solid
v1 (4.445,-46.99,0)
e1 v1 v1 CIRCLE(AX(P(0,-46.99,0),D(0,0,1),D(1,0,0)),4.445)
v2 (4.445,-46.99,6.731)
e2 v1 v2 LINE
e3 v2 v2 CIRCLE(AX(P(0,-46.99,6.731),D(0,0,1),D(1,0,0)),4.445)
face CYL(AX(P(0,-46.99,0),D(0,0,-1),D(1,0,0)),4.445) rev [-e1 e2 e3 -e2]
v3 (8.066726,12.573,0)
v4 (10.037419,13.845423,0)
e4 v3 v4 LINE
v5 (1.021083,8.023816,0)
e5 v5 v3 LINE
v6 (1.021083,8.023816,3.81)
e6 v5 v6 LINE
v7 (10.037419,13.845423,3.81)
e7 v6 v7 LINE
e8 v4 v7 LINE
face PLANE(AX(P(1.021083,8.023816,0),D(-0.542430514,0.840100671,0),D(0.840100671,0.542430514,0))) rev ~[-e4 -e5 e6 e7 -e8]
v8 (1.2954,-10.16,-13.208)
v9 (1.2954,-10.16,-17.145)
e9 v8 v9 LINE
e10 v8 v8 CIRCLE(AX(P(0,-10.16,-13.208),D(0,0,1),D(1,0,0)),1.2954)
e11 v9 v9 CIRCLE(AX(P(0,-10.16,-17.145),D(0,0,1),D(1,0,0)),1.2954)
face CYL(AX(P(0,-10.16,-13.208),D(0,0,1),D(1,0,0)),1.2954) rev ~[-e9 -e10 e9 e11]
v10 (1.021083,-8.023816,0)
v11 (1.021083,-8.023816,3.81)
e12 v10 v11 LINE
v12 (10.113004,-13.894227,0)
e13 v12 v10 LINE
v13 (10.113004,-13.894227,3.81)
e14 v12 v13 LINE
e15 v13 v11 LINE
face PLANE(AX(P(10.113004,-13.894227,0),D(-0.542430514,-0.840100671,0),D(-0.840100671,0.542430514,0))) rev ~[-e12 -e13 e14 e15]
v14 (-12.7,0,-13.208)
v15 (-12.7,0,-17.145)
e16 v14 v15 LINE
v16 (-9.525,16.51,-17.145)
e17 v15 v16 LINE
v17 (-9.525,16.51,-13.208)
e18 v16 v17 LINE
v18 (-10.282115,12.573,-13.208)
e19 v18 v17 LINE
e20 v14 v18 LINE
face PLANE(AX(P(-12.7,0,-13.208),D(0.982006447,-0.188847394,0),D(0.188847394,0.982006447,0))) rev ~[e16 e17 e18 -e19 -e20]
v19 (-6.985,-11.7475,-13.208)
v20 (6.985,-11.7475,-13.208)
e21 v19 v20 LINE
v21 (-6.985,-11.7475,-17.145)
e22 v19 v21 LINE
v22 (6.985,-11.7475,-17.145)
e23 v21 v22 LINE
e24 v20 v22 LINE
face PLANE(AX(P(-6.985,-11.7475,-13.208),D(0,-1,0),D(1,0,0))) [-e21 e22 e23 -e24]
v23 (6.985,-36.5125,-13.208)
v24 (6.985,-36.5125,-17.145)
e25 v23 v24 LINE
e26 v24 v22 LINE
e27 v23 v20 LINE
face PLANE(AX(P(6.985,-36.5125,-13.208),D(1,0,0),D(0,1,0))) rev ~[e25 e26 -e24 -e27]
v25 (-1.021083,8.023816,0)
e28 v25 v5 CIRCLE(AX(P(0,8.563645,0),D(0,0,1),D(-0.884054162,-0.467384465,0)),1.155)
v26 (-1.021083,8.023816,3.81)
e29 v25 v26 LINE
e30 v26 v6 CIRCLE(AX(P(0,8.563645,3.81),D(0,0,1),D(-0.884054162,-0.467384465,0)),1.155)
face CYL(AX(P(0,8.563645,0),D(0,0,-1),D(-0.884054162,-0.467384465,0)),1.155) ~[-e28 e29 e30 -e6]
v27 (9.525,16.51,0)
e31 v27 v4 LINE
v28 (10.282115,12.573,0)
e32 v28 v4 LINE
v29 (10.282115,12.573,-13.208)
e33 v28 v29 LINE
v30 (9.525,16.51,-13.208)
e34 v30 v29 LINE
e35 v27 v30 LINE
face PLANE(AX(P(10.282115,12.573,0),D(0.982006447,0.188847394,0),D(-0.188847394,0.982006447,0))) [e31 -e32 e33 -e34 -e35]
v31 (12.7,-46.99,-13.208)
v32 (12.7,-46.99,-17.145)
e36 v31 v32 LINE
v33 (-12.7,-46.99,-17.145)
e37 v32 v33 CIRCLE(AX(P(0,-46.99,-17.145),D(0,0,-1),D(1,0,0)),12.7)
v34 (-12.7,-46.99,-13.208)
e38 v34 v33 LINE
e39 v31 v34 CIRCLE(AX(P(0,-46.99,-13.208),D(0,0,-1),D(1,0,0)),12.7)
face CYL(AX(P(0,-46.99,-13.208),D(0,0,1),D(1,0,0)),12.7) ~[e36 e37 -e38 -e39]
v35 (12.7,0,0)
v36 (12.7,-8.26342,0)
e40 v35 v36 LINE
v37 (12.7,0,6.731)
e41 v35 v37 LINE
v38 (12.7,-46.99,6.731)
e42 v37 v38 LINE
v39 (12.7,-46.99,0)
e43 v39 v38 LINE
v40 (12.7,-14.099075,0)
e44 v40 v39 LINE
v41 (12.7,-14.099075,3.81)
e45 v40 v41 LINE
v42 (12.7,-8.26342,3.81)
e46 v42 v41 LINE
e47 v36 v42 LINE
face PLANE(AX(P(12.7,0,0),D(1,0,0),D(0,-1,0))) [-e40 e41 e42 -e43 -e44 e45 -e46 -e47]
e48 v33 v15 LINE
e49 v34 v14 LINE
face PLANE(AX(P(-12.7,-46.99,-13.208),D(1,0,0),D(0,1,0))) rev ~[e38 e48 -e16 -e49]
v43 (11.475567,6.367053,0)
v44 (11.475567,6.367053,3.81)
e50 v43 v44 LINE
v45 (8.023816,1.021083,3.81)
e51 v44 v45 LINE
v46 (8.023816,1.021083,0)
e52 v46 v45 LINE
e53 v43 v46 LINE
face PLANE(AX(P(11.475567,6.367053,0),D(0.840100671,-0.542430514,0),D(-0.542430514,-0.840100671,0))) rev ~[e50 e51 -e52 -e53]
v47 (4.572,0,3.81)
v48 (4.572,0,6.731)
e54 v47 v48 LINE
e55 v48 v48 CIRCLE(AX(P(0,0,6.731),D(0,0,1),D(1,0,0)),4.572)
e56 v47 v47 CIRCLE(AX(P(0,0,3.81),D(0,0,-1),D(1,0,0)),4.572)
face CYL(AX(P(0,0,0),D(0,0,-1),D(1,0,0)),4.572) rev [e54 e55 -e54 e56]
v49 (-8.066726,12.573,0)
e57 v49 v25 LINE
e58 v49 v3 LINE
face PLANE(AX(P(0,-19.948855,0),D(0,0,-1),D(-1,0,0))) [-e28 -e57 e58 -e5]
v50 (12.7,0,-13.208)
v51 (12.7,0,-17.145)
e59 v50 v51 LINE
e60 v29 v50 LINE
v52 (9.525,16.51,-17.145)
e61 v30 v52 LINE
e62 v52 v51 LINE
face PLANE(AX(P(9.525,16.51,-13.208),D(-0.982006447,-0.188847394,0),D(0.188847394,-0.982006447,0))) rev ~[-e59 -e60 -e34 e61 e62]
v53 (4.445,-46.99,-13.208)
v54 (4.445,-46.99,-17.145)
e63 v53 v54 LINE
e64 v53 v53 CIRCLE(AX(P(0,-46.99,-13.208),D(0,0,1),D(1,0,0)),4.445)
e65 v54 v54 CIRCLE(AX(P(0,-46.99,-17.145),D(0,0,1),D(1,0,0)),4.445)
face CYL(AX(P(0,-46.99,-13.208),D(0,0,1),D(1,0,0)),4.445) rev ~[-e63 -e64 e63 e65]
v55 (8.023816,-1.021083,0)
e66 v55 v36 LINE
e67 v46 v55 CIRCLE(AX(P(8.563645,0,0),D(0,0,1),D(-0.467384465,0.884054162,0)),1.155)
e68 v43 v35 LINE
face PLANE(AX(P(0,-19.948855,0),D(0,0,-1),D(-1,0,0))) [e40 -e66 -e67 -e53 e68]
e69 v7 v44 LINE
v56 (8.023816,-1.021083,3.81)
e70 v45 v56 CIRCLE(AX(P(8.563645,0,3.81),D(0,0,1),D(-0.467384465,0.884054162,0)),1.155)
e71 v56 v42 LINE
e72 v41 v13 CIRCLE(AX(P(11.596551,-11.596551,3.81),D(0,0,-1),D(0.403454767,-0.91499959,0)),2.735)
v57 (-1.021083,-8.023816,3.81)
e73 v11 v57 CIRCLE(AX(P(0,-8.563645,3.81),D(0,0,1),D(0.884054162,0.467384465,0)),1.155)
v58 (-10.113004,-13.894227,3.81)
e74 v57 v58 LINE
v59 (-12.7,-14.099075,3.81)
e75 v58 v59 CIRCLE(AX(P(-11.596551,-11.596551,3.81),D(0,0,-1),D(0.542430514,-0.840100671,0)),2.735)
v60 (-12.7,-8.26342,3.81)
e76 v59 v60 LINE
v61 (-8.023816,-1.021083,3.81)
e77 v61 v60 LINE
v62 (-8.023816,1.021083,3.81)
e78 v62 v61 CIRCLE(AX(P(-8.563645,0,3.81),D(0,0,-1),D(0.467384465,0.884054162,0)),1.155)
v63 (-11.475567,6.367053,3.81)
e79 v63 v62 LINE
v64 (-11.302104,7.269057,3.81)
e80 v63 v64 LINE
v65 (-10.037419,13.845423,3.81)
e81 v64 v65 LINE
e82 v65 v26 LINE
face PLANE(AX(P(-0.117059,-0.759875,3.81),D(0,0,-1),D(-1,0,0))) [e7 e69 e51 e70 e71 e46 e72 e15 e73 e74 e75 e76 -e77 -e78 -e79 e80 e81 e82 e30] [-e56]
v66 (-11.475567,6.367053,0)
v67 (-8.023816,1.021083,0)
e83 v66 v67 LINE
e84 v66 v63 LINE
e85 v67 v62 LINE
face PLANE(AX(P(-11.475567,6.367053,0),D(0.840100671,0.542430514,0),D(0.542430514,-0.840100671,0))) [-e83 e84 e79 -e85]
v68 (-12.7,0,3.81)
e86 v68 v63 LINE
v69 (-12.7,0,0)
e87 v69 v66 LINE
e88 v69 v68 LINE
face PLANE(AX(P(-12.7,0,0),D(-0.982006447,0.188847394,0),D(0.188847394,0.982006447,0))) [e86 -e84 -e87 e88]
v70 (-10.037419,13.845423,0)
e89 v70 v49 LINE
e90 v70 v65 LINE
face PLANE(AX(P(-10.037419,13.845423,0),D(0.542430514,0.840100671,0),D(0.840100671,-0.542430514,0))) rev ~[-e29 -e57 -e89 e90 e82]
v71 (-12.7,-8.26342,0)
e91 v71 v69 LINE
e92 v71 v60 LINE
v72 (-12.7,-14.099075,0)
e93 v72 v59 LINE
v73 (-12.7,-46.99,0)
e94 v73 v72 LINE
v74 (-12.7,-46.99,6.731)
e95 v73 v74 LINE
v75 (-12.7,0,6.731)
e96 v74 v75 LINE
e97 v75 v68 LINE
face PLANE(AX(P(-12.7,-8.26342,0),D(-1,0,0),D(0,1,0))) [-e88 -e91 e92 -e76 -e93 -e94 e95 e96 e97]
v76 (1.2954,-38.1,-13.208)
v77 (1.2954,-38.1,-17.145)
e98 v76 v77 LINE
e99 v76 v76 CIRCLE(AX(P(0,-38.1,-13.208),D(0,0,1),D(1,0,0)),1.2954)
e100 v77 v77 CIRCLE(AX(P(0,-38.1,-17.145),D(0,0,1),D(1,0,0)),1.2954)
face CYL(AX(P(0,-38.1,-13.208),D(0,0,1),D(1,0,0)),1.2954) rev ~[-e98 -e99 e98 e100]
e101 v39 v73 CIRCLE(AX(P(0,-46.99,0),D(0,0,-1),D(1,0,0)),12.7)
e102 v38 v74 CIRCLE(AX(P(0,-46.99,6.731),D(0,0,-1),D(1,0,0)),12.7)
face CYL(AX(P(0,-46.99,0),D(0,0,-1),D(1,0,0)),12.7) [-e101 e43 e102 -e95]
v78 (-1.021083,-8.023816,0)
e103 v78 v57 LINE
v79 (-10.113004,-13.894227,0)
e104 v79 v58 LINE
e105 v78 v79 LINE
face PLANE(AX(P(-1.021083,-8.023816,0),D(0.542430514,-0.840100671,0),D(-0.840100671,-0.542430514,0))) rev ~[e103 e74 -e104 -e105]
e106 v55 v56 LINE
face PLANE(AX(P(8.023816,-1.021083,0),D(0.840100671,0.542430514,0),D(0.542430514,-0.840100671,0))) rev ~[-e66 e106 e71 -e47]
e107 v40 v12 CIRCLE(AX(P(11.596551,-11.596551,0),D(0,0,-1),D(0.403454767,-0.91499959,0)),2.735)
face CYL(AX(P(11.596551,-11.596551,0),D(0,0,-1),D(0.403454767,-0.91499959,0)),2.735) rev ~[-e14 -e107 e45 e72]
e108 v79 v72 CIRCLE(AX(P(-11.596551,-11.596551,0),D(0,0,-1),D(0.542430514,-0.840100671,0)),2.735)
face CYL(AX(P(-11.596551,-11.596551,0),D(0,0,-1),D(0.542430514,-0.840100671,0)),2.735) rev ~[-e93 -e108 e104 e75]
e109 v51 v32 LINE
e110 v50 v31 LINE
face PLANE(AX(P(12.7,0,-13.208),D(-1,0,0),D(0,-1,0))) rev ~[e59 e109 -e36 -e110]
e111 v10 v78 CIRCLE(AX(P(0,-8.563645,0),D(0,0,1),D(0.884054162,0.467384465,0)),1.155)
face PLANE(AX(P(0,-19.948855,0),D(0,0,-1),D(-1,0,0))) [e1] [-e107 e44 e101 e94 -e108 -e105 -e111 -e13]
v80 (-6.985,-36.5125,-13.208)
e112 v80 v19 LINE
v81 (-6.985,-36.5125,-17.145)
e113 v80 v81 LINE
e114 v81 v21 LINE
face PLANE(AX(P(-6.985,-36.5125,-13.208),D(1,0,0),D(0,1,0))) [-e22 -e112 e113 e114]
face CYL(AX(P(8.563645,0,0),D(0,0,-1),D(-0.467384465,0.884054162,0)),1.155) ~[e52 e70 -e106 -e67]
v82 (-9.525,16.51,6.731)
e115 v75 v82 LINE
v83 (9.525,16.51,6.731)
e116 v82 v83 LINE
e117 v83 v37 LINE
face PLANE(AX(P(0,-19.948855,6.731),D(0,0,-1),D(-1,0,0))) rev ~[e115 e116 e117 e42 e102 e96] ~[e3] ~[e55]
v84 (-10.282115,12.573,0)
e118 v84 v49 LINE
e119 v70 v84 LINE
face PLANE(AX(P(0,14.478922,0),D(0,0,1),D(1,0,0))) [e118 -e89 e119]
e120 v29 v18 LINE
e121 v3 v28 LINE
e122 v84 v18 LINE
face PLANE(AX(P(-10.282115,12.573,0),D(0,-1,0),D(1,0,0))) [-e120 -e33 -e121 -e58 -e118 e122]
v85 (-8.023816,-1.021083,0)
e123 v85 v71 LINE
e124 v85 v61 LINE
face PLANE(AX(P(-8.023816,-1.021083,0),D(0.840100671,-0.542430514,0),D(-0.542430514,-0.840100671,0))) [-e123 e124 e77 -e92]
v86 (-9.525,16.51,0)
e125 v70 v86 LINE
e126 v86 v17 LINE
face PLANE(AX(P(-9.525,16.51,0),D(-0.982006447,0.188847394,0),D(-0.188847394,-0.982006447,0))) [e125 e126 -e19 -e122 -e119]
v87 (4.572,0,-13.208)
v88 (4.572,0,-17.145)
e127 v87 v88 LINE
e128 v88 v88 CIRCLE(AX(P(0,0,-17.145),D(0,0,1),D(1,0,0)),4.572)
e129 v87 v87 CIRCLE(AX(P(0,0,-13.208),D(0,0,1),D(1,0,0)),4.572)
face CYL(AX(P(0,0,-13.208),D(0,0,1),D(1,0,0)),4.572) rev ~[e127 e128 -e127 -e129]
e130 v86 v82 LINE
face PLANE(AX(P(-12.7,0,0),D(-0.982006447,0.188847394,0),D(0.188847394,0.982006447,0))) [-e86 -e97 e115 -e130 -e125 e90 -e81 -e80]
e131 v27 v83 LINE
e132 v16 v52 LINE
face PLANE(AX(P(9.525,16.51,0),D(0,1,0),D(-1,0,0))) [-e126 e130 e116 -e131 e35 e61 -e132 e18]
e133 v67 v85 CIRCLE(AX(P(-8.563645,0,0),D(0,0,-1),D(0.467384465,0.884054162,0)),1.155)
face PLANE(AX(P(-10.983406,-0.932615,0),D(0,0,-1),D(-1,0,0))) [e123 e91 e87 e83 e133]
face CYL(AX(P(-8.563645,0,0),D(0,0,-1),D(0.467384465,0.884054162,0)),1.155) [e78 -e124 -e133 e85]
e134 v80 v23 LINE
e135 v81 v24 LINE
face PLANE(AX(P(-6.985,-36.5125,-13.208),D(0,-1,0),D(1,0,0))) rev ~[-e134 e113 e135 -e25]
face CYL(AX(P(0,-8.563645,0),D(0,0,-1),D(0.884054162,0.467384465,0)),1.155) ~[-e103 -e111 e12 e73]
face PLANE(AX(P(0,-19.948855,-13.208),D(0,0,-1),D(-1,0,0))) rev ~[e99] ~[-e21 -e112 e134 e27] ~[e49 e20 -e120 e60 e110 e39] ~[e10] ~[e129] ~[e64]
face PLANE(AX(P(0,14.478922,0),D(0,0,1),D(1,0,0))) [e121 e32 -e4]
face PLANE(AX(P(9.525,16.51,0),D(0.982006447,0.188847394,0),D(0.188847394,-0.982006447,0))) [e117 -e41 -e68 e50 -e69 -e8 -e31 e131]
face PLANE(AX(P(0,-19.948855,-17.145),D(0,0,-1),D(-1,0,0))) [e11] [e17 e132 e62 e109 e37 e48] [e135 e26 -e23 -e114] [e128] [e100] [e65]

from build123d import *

# Parameters (mm, degrees)
SKETCH1_R           = 4.572
SKETCH1_R_2         = 4.445
BOSS_EXTRUDE1_DEPTH = 6.731
BOSS_EXTRUDE3_START = -13.208
SKETCH1_5_R         = 4.572
SKETCH1_5_R_2       = 1.2954
SKETCH1_5_R_3       = 4.445
SKETCH1_5_W         = 13.97
SKETCH1_5_H         = 24.765
BOSS_EXTRUDE3_DEPTH = 3.937
SKETCH4_R           = 1.7
CUT_EXTRUDE4_DEPTH  = 3.81
BOSS_EXTRUDE5_DEPTH = 16.4211
BOSS_EXTRUDE6_DEPTH = 4.572


with BuildPart() as part:
    # Sketch1 (on Front Plane) → Boss-Extrude1 (new body)
    with BuildSketch(Plane.XY):
        with BuildLine():
            Line((-12.7, 0), (-9.525, 16.51))
            Line((-9.525, 16.51), (9.525, 16.51))
            Line((9.525, 16.51), (12.7, 0))
            Line((12.7, 0), (12.7, -46.99))
            ThreePointArc((12.7, -46.99), (0, -59.69), (-12.7, -46.99))
            Line((-12.7, -46.99), (-12.7, 0))
        make_face()
        Circle(SKETCH1_R, mode=Mode.SUBTRACT)
        with Locations((0, -46.99)):
            Circle(SKETCH1_R_2, mode=Mode.SUBTRACT)
    extrude(amount=BOSS_EXTRUDE1_DEPTH)

    # Sketch4 → Cut-Extrude4 (cut)
    with BuildSketch(Plane(origin=(0, 0, 0), x_dir=(-1, 0, 0), z_dir=(0, 0, -1))):
        with BuildLine():
            Line((12.7, -14.099075092), (12.7, 0))
            Line((12.7, 0), (11.302104433, 7.269056948))
            Line((11.302104433, 7.269056948), (10.037418608, 13.84542324))
            Line((10.037418608, 13.84542324), (1.021082558, 8.023816422))
            ThreePointArc((1.021082558, 8.023816422), (0, 7.408645479), (-1.021082558, 8.023816422))
            Line((-1.021082558, 8.023816422), (-10.037418608, 13.84542324))
            Line((-10.037418608, 13.84542324), (-11.47556666, 6.367053366))
            Line((-11.47556666, 6.367053366), (-8.023816422, 1.021082558))
            ThreePointArc((-8.023816422, 1.021082558), (-7.408645479, 0), (-8.023816422, -1.021082558))
            Line((-8.023816422, -1.021082558), (-12.7, -8.263420264))
            Line((-12.7, -8.263420264), (-12.7, -14.099075092))
            ThreePointArc((-12.7, -14.099075092), (-11.380658922, -14.323016968), (-10.113003756, -13.894226547))
            Line((-10.113003756, -13.894226547), (-1.021082558, -8.023816422))
            ThreePointArc((-1.021082558, -8.023816422), (0, -7.408645479), (1.021082558, -8.023816422))
            Line((1.021082558, -8.023816422), (10.113003756, -13.894226547))
            ThreePointArc((10.113003756, -13.894226547), (11.380658922, -14.323016968), (12.7, -14.099075092))
        make_face()
        Circle(SKETCH4_R, mode=Mode.SUBTRACT)
    extrude(amount=-CUT_EXTRUDE4_DEPTH, mode=Mode.SUBTRACT)



with BuildPart() as body_2:
    # Sketch1<5> → Boss-Extrude3 (new body)
    with BuildSketch(Plane.XY.offset(BOSS_EXTRUDE3_START)):
        with BuildLine():
            Line((-12.7, 0), (-9.525, 16.51))
            Line((-9.525, 16.51), (9.525, 16.51))
            Line((9.525, 16.51), (12.7, 0))
            Line((12.7, 0), (12.7, -46.99))
            ThreePointArc((12.7, -46.99), (0, -59.69), (-12.7, -46.99))
            Line((-12.7, -46.99), (-12.7, 0))
        make_face()
        Circle(SKETCH1_5_R, mode=Mode.SUBTRACT)
        with Locations((0, -10.16)):
            Circle(SKETCH1_5_R_2, mode=Mode.SUBTRACT)
        with Locations((0, -38.1)):
            Circle(SKETCH1_5_R_2, mode=Mode.SUBTRACT)
        with Locations((0, -46.99)):
            Circle(SKETCH1_5_R_3, mode=Mode.SUBTRACT)
        with Locations((0, -24.13)):
            Rectangle(SKETCH1_5_W, SKETCH1_5_H, mode=Mode.SUBTRACT)
    extrude(amount=-BOSS_EXTRUDE3_DEPTH)


with BuildPart() as part_1:
    add(part.part)

    add(body_2.part)  # Boss-Extrude5 merges body 2
    # Sketch5 → Boss-Extrude5 (add)
    with BuildSketch(Plane(origin=(0, 0, 0), x_dir=(-1, 0, 0), z_dir=(0, 0, -1))):
        Polygon((-9.525, 16.51), (9.525, 16.51), (10.282115385, 12.573), (-10.282115385, 12.573), align=None)
    extrude(amount=BOSS_EXTRUDE5_DEPTH)

    # Sketch4<3> → Boss-Extrude6 (add)
    with BuildSketch(Plane(origin=(0, 0, 0), x_dir=(-1, 0, 0), z_dir=(0, 0, -1))):
        with BuildLine():
            Line((11.47556666, 6.367053366), (8.023816422, 1.021082558))
            ThreePointArc((8.023816422, 1.021082558), (7.408645479, 0), (8.023816422, -1.021082558))
            Line((8.023816422, -1.021082558), (12.7, -8.263420264))
            Line((12.7, -8.263420264), (12.7, 0))
            Line((12.7, 0), (11.47556666, 6.367053366))
        make_face()
    extrude(amount=-BOSS_EXTRUDE6_DEPTH)


solid = part_1.part
